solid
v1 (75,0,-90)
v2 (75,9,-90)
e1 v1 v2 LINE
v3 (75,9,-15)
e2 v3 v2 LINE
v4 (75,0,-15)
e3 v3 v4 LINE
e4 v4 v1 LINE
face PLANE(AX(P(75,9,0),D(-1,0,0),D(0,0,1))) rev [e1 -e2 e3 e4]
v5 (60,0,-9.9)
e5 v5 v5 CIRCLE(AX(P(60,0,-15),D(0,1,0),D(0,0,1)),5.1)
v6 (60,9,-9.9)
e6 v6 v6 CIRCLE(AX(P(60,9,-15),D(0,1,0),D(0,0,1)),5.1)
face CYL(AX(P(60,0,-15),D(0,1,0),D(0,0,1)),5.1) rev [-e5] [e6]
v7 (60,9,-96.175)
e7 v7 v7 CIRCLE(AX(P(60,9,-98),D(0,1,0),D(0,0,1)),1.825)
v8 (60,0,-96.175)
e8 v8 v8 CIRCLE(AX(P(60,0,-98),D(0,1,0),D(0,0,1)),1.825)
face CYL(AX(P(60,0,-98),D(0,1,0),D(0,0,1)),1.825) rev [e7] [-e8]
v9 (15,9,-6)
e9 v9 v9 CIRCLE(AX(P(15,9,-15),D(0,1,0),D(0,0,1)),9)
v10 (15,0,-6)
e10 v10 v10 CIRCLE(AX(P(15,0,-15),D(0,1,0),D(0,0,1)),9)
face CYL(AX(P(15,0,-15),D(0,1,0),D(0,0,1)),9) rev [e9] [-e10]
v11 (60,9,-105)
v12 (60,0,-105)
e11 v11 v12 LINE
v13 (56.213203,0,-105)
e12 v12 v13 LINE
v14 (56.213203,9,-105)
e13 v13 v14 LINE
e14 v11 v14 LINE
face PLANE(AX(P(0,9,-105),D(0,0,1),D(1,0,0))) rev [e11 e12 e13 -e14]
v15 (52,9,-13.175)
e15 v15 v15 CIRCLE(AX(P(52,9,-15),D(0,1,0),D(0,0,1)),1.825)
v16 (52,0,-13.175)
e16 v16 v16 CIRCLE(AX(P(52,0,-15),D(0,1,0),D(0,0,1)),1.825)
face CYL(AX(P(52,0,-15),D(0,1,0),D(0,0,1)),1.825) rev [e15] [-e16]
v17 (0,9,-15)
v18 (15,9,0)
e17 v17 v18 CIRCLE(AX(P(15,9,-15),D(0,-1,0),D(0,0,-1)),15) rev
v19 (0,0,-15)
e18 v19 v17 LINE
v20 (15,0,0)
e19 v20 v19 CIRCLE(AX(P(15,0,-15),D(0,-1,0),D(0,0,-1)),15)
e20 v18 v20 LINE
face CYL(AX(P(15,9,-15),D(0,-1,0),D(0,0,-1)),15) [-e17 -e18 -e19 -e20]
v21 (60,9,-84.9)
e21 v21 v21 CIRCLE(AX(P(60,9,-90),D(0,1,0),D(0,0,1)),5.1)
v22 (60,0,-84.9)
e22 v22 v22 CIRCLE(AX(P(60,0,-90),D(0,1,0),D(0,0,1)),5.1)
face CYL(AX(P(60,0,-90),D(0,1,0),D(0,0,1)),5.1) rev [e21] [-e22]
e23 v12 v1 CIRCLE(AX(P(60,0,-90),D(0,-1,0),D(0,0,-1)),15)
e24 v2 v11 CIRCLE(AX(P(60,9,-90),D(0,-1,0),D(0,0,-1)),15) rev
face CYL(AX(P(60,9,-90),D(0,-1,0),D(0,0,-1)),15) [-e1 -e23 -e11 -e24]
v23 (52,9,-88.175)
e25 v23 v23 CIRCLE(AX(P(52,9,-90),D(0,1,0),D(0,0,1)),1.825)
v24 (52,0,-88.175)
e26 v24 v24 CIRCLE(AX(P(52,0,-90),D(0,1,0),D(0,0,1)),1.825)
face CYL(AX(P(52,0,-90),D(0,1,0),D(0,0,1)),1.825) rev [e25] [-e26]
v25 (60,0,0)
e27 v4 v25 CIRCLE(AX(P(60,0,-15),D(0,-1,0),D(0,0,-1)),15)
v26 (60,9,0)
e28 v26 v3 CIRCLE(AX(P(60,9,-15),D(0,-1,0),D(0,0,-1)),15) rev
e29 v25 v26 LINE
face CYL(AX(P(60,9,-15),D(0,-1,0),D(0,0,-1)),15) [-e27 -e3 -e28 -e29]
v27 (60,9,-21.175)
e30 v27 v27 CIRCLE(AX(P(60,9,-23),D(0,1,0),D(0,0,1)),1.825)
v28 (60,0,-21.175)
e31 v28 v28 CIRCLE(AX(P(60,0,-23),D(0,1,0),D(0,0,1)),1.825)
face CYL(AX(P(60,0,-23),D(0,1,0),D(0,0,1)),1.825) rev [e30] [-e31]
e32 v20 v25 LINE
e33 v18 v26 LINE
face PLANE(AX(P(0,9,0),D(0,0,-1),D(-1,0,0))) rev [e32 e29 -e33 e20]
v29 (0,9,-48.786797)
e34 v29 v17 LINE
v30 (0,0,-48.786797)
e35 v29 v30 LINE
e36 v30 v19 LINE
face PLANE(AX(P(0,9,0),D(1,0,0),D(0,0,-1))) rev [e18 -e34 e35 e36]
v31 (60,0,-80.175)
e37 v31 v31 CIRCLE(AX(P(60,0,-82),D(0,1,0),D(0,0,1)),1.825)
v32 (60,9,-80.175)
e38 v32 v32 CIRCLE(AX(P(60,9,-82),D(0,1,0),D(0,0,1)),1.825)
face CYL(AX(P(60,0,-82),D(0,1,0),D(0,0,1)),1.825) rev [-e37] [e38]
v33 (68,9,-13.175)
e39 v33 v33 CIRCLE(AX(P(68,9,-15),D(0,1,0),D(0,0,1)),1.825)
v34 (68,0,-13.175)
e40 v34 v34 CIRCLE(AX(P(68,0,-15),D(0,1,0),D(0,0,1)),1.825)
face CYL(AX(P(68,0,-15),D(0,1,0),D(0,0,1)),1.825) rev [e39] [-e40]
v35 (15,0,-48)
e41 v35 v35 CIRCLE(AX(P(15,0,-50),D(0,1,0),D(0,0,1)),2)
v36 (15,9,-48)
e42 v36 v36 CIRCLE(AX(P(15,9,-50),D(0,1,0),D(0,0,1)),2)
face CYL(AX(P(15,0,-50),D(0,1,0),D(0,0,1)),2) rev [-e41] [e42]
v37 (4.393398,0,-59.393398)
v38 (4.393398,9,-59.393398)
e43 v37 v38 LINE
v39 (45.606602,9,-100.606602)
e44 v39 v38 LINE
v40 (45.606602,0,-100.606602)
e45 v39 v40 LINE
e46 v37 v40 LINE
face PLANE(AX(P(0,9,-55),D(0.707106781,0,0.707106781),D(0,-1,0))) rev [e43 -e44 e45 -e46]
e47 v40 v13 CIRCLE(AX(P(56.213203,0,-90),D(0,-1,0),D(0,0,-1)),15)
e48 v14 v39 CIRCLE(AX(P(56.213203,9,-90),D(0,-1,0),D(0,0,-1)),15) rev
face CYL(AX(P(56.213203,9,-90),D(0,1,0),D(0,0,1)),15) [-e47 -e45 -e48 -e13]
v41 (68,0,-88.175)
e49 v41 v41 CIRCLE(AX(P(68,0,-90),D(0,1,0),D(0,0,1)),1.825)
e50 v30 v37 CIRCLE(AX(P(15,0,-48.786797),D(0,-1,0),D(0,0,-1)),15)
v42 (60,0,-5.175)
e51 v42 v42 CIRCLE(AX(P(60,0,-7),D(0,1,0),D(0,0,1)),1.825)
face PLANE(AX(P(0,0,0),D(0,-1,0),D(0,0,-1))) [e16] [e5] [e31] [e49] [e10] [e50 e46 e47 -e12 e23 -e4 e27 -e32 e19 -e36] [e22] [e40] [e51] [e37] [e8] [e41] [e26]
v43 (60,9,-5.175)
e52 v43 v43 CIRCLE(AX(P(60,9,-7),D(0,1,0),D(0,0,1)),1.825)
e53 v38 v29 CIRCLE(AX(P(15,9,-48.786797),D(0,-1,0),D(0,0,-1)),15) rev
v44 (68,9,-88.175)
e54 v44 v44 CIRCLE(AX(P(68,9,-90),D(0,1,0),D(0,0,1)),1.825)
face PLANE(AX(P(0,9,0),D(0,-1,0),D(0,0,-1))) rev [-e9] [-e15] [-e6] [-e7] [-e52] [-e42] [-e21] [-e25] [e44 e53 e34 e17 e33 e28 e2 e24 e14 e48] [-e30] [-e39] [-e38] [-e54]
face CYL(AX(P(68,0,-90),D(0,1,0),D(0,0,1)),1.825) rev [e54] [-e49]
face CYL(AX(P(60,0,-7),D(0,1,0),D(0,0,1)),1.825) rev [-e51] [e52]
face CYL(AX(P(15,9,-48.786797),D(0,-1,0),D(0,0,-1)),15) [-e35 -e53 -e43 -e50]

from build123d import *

# Parameters (mm, degrees)
SKETCH1_W           = 75
SKETCH1_H           = 105
BOSS_EXTRUDE1_DEPTH = 9
SKETCH2_R           = 9
SKETCH2_R_2         = 2
SKETCH2_R_3         = 5.1
SKETCH2_R_4         = 1.825
CUT_EXTRUDE1_DEPTH  = 9
CHAMFER1_SIZE       = 50
FILLET1_R           = 15


with BuildPart() as part:
    # Sketch1 → Boss-Extrude1 (new body)
    with BuildSketch(Plane(origin=(0, 0, 0), x_dir=(1, 0, 0), z_dir=(0, 1, 0))):
        with Locations((37.5, 52.5)):
            Rectangle(SKETCH1_W, SKETCH1_H)
    extrude(amount=BOSS_EXTRUDE1_DEPTH)

    # Sketch2 → Cut-Extrude1 (cut)
    with BuildSketch(Plane(origin=(0, 9, 0), x_dir=(1, 0, 0), z_dir=(0, 1, 0))):
        with Locations((15, 15)):
            Circle(SKETCH2_R)
        with Locations((15, 50)):
            Circle(SKETCH2_R_2)
        with Locations((60, 15)):
            Circle(SKETCH2_R_3)
        with Locations((60, 23)):
            Circle(SKETCH2_R_4)
        with Locations((60, 7)):
            Circle(SKETCH2_R_4)
        with Locations((68, 15)):
            Circle(SKETCH2_R_4)
        with Locations((52, 15)):
            Circle(SKETCH2_R_4)
        with Locations((60, 90)):
            Circle(SKETCH2_R_3)
        with Locations((60, 98)):
            Circle(SKETCH2_R_4)
        with Locations((60, 82)):
            Circle(SKETCH2_R_4)
        with Locations((68, 90)):
            Circle(SKETCH2_R_4)
        with Locations((52, 90)):
            Circle(SKETCH2_R_4)
    extrude(amount=-CUT_EXTRUDE1_DEPTH, mode=Mode.SUBTRACT)

    # Chamfer1
    chamfer1_edges = [part.edges().sort_by_distance(p)[0] for p in [
        (0, 4.5, -105),
    ]]
    chamfer(chamfer1_edges, length=CHAMFER1_SIZE)

    # Fillet1
    fillet1_edges = [part.edges().sort_by_distance(p)[0] for p in [
        (0, 4.5, -55),
        (50, 4.5, -105),
        (75, 4.5, -105),
        (75, 4.5, 0),
        (0, 4.5, 0),
    ]]
    fillet(fillet1_edges, radius=FILLET1_R)


solid = part.part
